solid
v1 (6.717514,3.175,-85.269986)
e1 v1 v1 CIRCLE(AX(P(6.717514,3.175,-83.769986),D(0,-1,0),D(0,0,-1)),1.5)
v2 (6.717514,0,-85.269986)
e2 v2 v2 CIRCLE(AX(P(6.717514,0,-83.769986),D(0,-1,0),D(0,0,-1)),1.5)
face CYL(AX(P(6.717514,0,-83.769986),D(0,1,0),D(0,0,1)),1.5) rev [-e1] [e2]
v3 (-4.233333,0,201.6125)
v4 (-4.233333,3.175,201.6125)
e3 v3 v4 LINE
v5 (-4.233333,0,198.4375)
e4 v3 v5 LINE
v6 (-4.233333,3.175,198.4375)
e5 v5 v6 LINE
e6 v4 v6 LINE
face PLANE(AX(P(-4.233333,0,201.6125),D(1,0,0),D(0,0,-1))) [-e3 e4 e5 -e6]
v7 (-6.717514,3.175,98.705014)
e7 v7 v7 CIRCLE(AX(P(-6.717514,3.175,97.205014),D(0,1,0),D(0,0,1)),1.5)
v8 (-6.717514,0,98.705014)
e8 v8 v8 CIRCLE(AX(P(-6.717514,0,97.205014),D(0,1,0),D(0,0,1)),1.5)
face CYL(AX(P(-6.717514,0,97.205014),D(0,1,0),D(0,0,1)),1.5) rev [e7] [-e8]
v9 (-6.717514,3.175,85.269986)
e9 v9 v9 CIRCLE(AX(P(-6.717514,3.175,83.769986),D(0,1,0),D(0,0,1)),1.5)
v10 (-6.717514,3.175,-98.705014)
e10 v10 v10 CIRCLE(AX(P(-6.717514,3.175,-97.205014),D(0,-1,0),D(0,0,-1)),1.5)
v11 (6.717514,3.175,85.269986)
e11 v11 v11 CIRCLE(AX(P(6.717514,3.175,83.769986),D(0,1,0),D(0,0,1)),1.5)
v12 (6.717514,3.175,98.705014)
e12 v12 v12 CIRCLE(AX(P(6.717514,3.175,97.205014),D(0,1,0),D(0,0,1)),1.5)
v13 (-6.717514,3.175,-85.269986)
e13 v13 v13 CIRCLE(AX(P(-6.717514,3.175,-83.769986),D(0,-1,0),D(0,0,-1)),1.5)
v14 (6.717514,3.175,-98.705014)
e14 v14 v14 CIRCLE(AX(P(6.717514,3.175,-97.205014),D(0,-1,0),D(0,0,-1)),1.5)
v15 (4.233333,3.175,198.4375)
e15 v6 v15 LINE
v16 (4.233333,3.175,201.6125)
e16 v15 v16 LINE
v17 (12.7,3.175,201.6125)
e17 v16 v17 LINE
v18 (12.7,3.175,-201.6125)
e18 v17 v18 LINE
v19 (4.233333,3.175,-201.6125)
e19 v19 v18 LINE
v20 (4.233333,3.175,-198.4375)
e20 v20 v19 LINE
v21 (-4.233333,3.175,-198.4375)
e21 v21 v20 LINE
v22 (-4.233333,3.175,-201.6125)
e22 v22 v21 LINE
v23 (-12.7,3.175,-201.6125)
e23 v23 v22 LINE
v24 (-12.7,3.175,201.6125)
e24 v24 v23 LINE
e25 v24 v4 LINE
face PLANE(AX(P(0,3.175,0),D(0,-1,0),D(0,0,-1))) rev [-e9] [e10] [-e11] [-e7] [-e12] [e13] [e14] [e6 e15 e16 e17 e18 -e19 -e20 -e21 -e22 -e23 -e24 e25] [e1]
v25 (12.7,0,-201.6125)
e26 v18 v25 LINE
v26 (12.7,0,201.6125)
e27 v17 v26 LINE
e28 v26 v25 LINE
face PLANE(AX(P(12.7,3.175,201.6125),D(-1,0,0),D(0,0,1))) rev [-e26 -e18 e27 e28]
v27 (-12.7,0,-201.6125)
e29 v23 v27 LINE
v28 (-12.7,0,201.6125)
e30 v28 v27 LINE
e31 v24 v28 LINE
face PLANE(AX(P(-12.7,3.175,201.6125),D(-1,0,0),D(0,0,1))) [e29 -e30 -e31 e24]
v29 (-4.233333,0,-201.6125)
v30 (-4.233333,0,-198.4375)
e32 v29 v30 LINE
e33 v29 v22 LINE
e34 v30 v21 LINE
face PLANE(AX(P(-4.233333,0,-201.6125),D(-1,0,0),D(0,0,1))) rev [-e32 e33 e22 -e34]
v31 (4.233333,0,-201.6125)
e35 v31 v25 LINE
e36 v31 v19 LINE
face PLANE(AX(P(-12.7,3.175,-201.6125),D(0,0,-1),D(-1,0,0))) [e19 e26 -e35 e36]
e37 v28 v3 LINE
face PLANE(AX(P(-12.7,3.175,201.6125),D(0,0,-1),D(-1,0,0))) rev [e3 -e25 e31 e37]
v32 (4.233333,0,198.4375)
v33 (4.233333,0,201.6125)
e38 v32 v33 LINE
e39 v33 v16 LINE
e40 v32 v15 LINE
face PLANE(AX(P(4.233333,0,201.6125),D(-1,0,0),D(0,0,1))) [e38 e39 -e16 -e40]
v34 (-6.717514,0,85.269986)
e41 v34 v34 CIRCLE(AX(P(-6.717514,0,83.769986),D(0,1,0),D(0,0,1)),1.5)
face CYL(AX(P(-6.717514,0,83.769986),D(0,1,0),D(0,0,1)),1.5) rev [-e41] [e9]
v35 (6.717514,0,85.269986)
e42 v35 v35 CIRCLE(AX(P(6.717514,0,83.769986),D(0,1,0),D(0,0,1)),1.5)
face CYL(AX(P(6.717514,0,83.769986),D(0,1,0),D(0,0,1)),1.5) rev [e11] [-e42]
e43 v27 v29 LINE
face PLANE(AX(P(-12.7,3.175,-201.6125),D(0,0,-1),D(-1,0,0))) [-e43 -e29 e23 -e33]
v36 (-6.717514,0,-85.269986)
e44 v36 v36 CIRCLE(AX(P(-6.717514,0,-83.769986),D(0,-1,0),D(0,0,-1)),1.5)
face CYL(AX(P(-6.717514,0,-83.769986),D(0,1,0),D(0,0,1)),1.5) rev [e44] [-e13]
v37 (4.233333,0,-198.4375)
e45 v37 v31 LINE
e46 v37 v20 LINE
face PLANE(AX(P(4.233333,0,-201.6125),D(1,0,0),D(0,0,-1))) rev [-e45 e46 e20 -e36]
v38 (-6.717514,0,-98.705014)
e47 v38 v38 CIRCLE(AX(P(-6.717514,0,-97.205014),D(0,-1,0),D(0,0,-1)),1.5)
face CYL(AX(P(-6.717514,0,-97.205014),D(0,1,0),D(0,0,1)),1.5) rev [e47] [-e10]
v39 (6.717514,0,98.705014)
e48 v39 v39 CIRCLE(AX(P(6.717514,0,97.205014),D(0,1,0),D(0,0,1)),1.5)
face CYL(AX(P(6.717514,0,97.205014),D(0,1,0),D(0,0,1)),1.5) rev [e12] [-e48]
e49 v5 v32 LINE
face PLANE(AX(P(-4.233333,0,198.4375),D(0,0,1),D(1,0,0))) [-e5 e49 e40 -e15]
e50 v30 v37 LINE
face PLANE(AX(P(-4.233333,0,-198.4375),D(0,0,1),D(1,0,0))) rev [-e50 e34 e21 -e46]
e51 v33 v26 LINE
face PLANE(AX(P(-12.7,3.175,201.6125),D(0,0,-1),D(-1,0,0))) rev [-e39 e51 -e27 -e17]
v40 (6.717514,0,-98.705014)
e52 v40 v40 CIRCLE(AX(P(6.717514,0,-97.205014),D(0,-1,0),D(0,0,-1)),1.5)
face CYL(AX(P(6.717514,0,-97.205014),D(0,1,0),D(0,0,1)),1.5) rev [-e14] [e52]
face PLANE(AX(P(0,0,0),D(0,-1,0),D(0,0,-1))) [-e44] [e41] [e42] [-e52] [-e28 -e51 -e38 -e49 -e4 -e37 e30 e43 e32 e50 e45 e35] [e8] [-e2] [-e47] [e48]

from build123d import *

# Parameters (mm, degrees)
SKETCH2_W           = 25.4
SKETCH2_H           = 403.225
BOSS_EXTRUDE1_DEPTH = 3.175
SKETCH3_W           = 8.466666666
SKETCH3_H           = 3.175
CUT_EXTRUDE1_DEPTH  = 3.175
CUT_EXTRUDE2_DEPTH  = 3.175


with BuildPart() as part:
    # Sketch2 → Boss-Extrude1 (new body)
    with BuildSketch(Plane(origin=(0, 0, 0), x_dir=(1, 0, 0), z_dir=(0, 1, 0))):
        Rectangle(SKETCH2_W, SKETCH2_H)
    extrude(amount=BOSS_EXTRUDE1_DEPTH)

    # Sketch3 → Cut-Extrude1 (cut)
    with BuildSketch(Plane(origin=(0, 3.175, 0), x_dir=(1, 0, 0), z_dir=(0, 1, 0))):
        with Locations((0, 200.025)):
            Rectangle(SKETCH3_W, SKETCH3_H)
    cut_extrude1 = extrude(amount=-CUT_EXTRUDE1_DEPTH, mode=Mode.SUBTRACT)

    # Mirror1: Cut-Extrude1 across plane
    add(cut_extrude1.mirror(Plane.XY), mode=Mode.SUBTRACT)

    # Sketch5 → Cut-Extrude2 (cut)
    with BuildSketch(Plane(origin=(0, 3.175, 0), x_dir=(1, 0, 0), z_dir=(0, 1, 0))):
        with BuildLine():
            ThreePointArc((8.217514421, -83.769985579), (6.717514421, -82.269985579), (5.217514421, -83.769985579))
            Line((5.217514421, -83.769985579), (6.717514421, -83.769985579))
            Line((6.717514421, -83.769985579), (6.717514421, -85.269985579))
            ThreePointArc((6.717514421, -85.269985579), (7.778174593, -84.830645751), (8.217514421, -83.769985579))
        make_face()
        with BuildLine():
            Line((6.717514421, -83.769985579), (5.217514421, -83.769985579))
            ThreePointArc((5.217514421, -83.769985579), (5.656854249, -84.830645751), (6.717514421, -85.269985579))
            Line((6.717514421, -85.269985579), (6.717514421, -83.769985579))
        make_face()
        with BuildLine():
            Line((-6.717514421, -85.269985579), (-6.717514421, -83.769985579))
            Line((-6.717514421, -83.769985579), (-5.217514421, -83.769985579))
            ThreePointArc((-5.217514421, -83.769985579), (-7.778174593, -82.709325407), (-6.717514421, -85.269985579))
        make_face()
        with BuildLine():
            Line((-5.217514421, -83.769985579), (-6.717514421, -83.769985579))
            Line((-6.717514421, -83.769985579), (-6.717514421, -85.269985579))
            ThreePointArc((-6.717514421, -85.269985579), (-5.656854249, -84.830645751), (-5.217514421, -83.769985579))
        make_face()
        with BuildLine():
            ThreePointArc((-5.217514421, -97.205014421), (-5.656854249, -96.144354249), (-6.717514421, -95.705014421))
            Line((-6.717514421, -95.705014421), (-6.717514421, -97.205014421))
            Line((-6.717514421, -97.205014421), (-5.217514421, -97.205014421))
        make_face()
        with BuildLine():
            Line((-6.717514421, -97.205014421), (-6.717514421, -95.705014421))
            ThreePointArc((-6.717514421, -95.705014421), (-7.778174593, -98.265674593), (-5.217514421, -97.205014421))
            Line((-5.217514421, -97.205014421), (-6.717514421, -97.205014421))
        make_face()
        with BuildLine():
            ThreePointArc((8.217514421, -97.205014421), (7.778174593, -96.144354249), (6.717514421, -95.705014421))
            Line((6.717514421, -95.705014421), (6.717514421, -97.205014421))
            Line((6.717514421, -97.205014421), (5.217514421, -97.205014421))
            ThreePointArc((5.217514421, -97.205014421), (6.717514421, -98.705014421), (8.217514421, -97.205014421))
        make_face()
        with BuildLine():
            Line((6.717514421, -97.205014421), (6.717514421, -95.705014421))
            ThreePointArc((6.717514421, -95.705014421), (5.656854249, -96.144354249), (5.217514421, -97.205014421))
            Line((5.217514421, -97.205014421), (6.717514421, -97.205014421))
        make_face()
    cut_extrude2 = extrude(amount=-CUT_EXTRUDE2_DEPTH, mode=Mode.SUBTRACT)

    # Mirror2: Cut-Extrude2 across plane
    add(cut_extrude2.mirror(Plane.XY), mode=Mode.SUBTRACT)


solid = part.part
